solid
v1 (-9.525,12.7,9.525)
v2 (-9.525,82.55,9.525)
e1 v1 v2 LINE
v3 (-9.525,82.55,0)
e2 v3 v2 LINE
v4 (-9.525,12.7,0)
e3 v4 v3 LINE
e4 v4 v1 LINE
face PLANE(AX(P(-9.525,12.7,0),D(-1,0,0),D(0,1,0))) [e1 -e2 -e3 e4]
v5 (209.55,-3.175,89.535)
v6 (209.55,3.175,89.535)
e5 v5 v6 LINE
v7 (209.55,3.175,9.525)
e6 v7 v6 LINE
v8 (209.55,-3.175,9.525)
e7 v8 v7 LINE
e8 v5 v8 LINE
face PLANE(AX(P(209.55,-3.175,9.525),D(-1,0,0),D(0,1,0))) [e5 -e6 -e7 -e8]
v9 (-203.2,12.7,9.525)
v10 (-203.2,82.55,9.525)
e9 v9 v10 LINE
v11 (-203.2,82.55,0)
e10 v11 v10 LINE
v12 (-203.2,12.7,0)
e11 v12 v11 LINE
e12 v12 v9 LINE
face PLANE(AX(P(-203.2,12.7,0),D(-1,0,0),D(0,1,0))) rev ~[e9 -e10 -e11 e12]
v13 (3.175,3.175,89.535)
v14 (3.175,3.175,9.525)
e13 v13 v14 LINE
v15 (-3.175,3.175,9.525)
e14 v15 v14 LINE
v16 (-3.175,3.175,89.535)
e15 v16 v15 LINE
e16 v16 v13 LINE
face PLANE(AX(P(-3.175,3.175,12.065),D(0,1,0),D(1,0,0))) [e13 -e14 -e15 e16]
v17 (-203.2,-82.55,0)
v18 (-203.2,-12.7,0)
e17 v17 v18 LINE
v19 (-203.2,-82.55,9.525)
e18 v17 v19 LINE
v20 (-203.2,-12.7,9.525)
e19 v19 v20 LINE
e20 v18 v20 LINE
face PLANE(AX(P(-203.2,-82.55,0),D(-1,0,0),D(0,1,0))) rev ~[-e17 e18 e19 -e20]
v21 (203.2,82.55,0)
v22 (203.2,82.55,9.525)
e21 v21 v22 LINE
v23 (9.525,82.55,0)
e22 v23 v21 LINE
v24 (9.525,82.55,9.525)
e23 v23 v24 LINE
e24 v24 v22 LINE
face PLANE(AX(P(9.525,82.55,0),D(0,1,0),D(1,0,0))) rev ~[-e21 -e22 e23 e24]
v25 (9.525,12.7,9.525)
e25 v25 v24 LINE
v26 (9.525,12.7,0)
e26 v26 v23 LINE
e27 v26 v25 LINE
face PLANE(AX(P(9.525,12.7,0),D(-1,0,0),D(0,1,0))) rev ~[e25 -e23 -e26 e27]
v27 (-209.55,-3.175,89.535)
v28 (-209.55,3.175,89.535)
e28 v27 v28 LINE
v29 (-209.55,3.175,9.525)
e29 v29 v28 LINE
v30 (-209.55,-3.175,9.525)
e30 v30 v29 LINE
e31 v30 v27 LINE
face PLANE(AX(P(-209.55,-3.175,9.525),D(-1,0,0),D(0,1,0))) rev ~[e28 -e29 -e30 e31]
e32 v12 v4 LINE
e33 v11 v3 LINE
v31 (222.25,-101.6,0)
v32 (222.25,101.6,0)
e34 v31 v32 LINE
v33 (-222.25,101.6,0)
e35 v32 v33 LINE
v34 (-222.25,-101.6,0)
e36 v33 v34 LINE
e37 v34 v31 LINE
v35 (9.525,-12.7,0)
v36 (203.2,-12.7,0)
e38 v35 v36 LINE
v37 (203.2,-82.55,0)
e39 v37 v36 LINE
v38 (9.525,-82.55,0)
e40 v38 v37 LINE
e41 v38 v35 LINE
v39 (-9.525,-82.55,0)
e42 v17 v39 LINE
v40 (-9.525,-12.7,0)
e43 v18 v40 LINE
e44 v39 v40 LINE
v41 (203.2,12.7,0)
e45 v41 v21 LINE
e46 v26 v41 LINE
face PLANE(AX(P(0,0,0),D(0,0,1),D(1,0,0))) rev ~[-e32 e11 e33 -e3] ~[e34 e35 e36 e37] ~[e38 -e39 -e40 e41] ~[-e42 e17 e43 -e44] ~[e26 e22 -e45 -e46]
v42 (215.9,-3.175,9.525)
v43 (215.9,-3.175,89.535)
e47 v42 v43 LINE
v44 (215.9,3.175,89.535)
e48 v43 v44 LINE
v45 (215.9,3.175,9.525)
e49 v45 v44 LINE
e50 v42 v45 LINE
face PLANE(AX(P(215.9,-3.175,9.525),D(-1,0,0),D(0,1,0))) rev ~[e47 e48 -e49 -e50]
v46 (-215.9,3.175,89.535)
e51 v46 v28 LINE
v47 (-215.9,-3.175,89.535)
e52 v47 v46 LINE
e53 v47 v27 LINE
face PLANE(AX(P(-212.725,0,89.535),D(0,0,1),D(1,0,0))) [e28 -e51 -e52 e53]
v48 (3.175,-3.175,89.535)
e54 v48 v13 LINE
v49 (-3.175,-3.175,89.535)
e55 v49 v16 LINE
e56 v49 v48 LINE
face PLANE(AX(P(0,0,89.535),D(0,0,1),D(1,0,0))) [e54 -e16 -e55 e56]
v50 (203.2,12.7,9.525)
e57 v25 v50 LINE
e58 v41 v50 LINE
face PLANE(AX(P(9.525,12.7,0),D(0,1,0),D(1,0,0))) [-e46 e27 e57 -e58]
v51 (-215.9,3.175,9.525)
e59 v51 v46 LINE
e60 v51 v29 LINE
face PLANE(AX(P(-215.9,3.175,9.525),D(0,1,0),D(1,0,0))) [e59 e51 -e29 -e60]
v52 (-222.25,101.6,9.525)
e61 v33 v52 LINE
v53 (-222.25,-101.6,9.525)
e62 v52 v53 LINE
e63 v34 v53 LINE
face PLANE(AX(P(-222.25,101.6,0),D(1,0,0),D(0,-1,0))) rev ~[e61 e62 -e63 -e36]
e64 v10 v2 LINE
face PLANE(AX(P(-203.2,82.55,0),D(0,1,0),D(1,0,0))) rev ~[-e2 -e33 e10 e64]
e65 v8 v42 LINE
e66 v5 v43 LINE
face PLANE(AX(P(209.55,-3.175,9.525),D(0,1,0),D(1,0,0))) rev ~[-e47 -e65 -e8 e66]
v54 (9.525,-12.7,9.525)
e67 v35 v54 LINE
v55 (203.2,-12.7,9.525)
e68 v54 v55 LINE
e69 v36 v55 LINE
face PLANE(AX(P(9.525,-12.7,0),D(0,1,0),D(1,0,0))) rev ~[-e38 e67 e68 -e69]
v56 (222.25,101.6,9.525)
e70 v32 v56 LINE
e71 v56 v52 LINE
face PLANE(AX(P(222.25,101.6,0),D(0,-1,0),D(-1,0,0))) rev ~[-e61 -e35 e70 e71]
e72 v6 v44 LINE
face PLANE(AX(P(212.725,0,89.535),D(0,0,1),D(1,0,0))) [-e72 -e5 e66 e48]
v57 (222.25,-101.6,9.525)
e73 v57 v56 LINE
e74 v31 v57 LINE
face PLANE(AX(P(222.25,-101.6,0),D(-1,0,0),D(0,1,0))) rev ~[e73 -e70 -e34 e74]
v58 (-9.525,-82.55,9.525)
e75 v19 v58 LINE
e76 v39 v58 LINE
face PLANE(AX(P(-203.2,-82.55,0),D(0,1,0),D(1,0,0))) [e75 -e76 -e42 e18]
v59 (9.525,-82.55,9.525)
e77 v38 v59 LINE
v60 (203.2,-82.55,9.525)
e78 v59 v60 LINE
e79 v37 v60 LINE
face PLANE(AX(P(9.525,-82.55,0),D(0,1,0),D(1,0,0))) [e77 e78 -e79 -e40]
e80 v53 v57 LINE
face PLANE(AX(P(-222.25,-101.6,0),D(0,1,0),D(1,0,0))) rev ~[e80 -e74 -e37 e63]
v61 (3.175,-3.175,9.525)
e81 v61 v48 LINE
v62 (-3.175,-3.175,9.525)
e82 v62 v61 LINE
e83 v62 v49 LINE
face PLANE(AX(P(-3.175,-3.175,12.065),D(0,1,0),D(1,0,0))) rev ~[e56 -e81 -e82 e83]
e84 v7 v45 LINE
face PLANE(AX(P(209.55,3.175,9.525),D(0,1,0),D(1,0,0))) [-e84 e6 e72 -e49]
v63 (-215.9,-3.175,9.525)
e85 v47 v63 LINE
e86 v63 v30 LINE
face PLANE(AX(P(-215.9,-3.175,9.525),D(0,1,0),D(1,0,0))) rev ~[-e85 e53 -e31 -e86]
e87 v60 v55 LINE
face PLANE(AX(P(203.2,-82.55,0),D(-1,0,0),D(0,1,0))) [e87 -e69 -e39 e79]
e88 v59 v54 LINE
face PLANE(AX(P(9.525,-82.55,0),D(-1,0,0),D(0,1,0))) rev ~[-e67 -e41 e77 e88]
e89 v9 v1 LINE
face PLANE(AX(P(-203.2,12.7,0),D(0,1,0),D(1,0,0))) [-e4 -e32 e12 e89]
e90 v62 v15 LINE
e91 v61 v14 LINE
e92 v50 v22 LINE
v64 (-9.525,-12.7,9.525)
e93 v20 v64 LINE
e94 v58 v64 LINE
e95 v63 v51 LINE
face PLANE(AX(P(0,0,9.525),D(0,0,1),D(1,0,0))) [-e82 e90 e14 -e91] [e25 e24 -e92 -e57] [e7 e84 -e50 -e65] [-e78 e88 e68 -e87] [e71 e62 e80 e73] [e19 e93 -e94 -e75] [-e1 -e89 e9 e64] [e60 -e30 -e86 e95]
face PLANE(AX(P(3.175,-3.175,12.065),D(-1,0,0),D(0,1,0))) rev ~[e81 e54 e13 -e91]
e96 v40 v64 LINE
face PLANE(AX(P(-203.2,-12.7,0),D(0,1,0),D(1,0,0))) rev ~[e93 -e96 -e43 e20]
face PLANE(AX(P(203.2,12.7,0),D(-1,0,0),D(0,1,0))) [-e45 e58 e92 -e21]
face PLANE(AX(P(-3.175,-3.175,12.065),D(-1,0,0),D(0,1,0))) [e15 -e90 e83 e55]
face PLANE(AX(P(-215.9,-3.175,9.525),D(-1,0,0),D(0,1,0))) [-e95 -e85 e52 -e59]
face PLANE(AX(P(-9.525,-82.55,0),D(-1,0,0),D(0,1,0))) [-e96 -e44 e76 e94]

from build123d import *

# Parameters (mm, degrees)
F0_W     = 193.675
F0_H     = 69.85
F1_DEPTH = 9.525
F2_W     = 6.35
F2_H     = 6.35
F3_DEPTH = 2.54
F4_W     = 6.35
F4_H     = 6.35
F5_DEPTH = 77.47


with BuildPart() as f1:
    # F0 (on Top) → F1 (new body)
    with BuildSketch(Plane.XY):
        Polygon((222.25, -101.6), (222.25, 101.6), (-222.25, 101.6), (-222.25, -12.7), (-222.25, -101.6), align=None)
        with Locations((-106.3625, -47.625)):
            Rectangle(F0_W, F0_H, mode=Mode.SUBTRACT)
        with Locations((106.3625, -47.625)):
            Rectangle(F0_W, F0_H, mode=Mode.SUBTRACT)
        with Locations((-106.3625, 47.625)):
            Rectangle(F0_W, F0_H, mode=Mode.SUBTRACT)
        with Locations((106.3625, 47.625)):
            Rectangle(F0_W, F0_H, mode=Mode.SUBTRACT)
    extrude(amount=F1_DEPTH)

    # F2 (on face) → F3 (join)
    with BuildSketch(Plane.XY.offset(9.525)):
        with Locations((-212.725, 0)):
            Rectangle(F2_W, F2_H)
        with Locations((212.725, 0)):
            Rectangle(F2_W, F2_H)
        Rectangle(F2_W, F2_H)
    extrude(amount=F3_DEPTH)

    # F4 (on face) → F5 (join)
    with BuildSketch(Plane.XY.offset(12.065)):
        Rectangle(F4_W, F4_H)
        with Locations((212.725, 0)):
            Rectangle(F4_W, F4_H)
        with Locations((-212.725, 0)):
            Rectangle(F4_W, F4_H)
    extrude(amount=F5_DEPTH)


solid = f1.part
